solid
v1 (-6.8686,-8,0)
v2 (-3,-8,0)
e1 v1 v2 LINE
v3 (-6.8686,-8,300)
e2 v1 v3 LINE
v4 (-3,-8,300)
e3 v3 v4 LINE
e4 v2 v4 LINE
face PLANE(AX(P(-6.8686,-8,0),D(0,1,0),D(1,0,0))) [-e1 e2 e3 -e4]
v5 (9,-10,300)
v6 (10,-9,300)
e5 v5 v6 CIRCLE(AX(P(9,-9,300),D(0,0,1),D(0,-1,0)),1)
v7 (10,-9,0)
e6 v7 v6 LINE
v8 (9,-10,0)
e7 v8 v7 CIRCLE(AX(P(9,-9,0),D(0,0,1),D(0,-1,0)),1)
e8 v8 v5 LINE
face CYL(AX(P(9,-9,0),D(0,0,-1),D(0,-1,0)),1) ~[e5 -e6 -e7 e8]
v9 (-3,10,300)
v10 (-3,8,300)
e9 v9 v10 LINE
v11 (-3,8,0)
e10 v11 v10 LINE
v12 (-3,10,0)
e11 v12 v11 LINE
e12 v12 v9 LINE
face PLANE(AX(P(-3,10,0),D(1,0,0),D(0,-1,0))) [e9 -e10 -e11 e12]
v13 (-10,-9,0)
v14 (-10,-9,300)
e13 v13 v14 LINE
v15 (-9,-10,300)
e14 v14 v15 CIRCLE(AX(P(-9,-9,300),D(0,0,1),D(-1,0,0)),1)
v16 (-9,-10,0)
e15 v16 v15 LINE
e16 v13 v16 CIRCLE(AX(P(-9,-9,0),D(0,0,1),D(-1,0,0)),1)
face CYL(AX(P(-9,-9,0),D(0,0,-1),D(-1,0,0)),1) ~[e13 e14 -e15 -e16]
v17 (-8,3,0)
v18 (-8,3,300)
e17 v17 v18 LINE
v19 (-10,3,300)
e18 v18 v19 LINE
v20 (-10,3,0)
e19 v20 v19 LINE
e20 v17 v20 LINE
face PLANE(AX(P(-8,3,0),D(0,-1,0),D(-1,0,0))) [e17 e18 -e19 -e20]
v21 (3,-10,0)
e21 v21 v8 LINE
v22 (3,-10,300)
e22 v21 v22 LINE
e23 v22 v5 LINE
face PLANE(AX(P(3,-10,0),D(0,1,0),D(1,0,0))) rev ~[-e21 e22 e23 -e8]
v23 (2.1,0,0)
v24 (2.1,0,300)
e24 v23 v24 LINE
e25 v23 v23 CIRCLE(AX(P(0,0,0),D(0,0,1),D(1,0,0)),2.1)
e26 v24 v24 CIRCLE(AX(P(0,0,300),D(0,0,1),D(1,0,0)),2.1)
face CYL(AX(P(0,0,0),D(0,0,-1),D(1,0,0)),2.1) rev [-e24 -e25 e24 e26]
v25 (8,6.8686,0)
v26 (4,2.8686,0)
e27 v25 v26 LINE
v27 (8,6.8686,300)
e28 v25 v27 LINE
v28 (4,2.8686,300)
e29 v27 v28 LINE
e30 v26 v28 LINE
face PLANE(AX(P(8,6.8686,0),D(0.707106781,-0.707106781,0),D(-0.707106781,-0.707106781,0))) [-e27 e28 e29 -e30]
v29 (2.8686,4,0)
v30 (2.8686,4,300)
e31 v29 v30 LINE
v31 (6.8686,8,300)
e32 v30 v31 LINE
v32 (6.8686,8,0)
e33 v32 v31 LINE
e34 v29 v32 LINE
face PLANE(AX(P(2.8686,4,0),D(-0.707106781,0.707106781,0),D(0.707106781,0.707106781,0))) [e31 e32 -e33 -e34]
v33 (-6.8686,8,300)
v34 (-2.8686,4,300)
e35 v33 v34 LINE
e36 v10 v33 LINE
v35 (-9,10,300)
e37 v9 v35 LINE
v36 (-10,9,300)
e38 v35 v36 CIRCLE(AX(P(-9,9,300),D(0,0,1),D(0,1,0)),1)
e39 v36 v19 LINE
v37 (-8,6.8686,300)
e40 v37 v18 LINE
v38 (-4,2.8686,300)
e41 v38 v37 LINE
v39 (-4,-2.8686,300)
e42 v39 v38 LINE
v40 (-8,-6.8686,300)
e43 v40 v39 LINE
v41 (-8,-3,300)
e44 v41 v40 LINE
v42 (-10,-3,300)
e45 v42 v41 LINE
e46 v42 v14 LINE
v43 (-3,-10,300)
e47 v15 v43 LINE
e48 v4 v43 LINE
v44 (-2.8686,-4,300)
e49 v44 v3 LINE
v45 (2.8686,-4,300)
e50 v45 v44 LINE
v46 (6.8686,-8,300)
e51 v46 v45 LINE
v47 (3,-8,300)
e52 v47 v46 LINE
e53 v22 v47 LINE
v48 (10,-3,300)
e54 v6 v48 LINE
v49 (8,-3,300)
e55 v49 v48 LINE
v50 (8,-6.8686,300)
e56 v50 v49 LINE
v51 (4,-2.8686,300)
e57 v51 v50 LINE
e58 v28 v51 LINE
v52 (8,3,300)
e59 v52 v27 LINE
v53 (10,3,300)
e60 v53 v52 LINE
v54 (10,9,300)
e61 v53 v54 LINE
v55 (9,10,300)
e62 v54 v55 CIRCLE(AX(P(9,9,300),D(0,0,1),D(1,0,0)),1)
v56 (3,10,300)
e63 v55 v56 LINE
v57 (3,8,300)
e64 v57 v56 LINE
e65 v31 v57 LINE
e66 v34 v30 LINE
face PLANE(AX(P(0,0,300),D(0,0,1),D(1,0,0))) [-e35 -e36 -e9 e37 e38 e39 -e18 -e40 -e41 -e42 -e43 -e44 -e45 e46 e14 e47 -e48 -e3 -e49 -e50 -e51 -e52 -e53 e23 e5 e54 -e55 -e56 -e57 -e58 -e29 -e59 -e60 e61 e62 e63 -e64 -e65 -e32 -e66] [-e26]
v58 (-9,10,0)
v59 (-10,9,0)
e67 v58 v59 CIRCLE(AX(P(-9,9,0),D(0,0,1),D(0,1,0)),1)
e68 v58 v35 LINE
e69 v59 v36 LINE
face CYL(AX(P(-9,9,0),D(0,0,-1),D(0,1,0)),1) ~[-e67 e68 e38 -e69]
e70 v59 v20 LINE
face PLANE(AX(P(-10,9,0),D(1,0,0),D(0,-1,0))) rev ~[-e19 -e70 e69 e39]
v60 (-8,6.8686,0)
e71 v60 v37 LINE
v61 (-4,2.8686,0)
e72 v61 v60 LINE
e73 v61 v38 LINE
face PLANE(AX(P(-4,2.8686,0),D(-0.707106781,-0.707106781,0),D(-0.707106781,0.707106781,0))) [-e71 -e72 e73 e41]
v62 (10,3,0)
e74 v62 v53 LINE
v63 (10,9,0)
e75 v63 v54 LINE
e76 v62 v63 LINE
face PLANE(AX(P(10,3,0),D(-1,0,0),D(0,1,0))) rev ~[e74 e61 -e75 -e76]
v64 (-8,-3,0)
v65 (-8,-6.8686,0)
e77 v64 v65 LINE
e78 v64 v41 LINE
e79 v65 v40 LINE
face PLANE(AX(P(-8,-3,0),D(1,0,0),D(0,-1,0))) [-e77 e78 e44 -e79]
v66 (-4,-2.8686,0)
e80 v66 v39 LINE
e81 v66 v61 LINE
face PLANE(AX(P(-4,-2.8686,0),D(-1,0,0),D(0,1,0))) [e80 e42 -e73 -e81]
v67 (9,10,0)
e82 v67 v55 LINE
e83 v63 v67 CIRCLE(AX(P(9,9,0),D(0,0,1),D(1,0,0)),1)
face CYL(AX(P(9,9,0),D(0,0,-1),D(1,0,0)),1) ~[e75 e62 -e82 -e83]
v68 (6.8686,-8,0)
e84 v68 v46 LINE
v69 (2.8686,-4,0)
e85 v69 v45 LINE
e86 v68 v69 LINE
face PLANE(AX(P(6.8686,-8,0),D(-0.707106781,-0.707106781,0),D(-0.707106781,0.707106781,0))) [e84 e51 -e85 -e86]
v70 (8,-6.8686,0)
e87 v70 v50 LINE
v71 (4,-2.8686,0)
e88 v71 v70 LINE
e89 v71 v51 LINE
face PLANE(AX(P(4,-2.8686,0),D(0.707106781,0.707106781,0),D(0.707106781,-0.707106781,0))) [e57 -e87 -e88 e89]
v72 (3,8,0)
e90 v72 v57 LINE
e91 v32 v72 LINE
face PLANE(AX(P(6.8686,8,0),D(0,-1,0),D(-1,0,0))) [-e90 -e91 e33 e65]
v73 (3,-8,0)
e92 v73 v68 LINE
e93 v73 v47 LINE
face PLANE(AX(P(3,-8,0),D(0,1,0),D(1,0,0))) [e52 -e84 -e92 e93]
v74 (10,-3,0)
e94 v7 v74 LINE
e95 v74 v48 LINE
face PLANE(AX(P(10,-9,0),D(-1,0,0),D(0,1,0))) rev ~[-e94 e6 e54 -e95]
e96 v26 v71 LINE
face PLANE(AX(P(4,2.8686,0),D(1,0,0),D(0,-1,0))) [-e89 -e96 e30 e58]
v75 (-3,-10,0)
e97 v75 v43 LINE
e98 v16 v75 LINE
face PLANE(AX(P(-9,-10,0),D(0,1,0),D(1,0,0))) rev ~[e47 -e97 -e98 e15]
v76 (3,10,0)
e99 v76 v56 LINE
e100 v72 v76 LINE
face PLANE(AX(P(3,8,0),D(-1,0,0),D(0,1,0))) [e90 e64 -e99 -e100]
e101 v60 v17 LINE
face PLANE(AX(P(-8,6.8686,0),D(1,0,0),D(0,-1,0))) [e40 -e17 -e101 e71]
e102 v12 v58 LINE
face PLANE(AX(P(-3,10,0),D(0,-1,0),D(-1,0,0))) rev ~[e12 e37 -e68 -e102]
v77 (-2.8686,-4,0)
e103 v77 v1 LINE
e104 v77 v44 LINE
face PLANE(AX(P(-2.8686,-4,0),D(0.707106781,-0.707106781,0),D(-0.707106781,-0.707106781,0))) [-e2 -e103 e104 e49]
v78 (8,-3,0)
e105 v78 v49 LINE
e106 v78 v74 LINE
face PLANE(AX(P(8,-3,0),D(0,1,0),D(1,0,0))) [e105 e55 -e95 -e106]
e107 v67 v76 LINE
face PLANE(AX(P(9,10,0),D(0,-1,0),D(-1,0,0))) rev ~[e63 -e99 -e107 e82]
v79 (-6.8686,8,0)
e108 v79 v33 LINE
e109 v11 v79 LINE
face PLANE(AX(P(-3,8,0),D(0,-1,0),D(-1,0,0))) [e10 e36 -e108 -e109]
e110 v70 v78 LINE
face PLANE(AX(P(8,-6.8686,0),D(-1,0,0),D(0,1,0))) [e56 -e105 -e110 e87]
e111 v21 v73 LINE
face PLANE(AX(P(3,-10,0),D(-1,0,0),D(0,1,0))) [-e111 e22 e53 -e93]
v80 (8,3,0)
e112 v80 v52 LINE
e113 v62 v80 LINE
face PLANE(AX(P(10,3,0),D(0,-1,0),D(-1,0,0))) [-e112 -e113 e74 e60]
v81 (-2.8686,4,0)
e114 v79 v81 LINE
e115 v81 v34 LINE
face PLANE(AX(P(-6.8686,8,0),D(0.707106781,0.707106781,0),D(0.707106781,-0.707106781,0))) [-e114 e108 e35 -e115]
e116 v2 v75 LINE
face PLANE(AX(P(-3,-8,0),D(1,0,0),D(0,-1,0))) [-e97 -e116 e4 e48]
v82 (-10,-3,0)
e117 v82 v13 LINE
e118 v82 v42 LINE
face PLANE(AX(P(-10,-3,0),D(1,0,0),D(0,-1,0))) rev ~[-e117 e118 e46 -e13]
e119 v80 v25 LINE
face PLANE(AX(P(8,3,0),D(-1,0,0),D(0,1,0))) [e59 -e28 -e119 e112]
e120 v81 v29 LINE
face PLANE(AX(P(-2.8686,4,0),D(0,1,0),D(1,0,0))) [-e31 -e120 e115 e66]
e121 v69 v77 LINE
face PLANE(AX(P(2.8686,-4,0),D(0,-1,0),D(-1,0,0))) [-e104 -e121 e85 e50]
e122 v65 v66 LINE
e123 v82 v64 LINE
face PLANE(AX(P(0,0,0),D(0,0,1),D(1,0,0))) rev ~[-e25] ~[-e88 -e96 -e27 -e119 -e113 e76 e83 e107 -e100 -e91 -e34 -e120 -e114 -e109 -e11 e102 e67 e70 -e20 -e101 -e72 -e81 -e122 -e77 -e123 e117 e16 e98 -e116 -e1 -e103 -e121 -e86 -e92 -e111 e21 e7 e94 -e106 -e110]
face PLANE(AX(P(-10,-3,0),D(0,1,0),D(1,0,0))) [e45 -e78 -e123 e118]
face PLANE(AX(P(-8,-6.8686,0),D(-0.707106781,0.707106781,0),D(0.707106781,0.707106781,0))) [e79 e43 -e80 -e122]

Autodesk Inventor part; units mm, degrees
ref_plane "YZ Plane" through (0, 0, 0) normal (1, 0, 0) x (0, 1, 0)
ref_plane "XZ Plane" through (0, 0, 0) normal (0, 1, 0) x (-1, 0, 0)
ref_plane "XY Plane" through (0, 0, 0) normal (0, 0, 1) x (1, 0, 0)
sketch "スケッチ1" plane through (0, 0, 0) normal (0, 0, 1) x (1, 0, 0)
  line L0 (-10, -10) -> (10, 10) construction
  line L1 (10, -10) -> (-10, 10) construction
  line L2 (10, 3) -> (8, 3)
  line L3 (8, 3) -> (8, 6.8686)
  line L4 (8, 6.8686) -> (4, 2.8686)
  line L5 (4, 2.8686) -> (4, -2.8686)
  line L6 (4, -2.8686) -> (8, -6.8686)
  line L7 (8, -6.8686) -> (8, -3)
  line L8 (8, -3) -> (10, -3)
  line L9 (-10, 0) -> (10, 0) construction
  line L10 (-3, 10) -> (-3, 8)
  line L11 (-3, 8) -> (-6.8686, 8)
  line L12 (-6.8686, 8) -> (-2.8686, 4)
  line L13 (-2.8686, 4) -> (2.8686, 4)
  line L14 (3, 8) -> (3, 10)
  line L15 (2.8686, 4) -> (6.8686, 8)
  line L16 (6.8686, 8) -> (3, 8)
  line L17 (-10, -3) -> (-8, -3)
  line L18 (-8, -3) -> (-8, -6.8686)
  line L19 (-8, -6.8686) -> (-4, -2.8686)
  line L20 (-4, -2.8686) -> (-4, 2.8686)
  line L21 (-8, 3) -> (-10, 3)
  line L22 (-4, 2.8686) -> (-8, 6.8686)
  line L23 (-8, 6.8686) -> (-8, 3)
  line L24 (3, -10) -> (3, -8)
  line L25 (3, -8) -> (6.8686, -8)
  line L26 (6.8686, -8) -> (2.8686, -4)
  line L27 (2.8686, -4) -> (-2.8686, -4)
  line L28 (-3, -8) -> (-3, -10)
  line L29 (-2.8686, -4) -> (-6.8686, -8)
  line L30 (-6.8686, -8) -> (-3, -8)
  line L31 (9, 10) -> (3, 10)
  line L32 (-3, 10) -> (-9, 10)
  line L33 (-10, 9) -> (-10, 3)
  line L34 (-10, -3) -> (-10, -9)
  line L35 (-9, -10) -> (-3, -10)
  line L36 (3, -10) -> (9, -10)
  line L37 (10, -9) -> (10, -3)
  line L38 (10, 3) -> (10, 9)
  circle A0 centre (0, 0) radius 2.1
  arc A1 (-9, 10) -> (-10, 9) centre (-9, 9) ccw
  arc A2 (-10, -9) -> (-9, -10) centre (-9, -9) ccw
  arc A3 (9, -10) -> (10, -9) centre (9, -9) ccw
  arc A4 (10, 9) -> (9, 10) centre (9, 9) ccw
  point P0 (0, 10)
  point P1 (-10, 0)
  point P2 (0, -10)
  dimension "d0" = 2
  dimension "d1" = 6
  dimension "d2" = 4
  dimension "d3" = 0.8
  dimension "d9" = 20
  dimension "d10" = 4.2
  dimension "d11" = 1
extrude "押し出し1" add sketch "スケッチ1" along normal blind 300
properties part number "高剛性フレーム"
